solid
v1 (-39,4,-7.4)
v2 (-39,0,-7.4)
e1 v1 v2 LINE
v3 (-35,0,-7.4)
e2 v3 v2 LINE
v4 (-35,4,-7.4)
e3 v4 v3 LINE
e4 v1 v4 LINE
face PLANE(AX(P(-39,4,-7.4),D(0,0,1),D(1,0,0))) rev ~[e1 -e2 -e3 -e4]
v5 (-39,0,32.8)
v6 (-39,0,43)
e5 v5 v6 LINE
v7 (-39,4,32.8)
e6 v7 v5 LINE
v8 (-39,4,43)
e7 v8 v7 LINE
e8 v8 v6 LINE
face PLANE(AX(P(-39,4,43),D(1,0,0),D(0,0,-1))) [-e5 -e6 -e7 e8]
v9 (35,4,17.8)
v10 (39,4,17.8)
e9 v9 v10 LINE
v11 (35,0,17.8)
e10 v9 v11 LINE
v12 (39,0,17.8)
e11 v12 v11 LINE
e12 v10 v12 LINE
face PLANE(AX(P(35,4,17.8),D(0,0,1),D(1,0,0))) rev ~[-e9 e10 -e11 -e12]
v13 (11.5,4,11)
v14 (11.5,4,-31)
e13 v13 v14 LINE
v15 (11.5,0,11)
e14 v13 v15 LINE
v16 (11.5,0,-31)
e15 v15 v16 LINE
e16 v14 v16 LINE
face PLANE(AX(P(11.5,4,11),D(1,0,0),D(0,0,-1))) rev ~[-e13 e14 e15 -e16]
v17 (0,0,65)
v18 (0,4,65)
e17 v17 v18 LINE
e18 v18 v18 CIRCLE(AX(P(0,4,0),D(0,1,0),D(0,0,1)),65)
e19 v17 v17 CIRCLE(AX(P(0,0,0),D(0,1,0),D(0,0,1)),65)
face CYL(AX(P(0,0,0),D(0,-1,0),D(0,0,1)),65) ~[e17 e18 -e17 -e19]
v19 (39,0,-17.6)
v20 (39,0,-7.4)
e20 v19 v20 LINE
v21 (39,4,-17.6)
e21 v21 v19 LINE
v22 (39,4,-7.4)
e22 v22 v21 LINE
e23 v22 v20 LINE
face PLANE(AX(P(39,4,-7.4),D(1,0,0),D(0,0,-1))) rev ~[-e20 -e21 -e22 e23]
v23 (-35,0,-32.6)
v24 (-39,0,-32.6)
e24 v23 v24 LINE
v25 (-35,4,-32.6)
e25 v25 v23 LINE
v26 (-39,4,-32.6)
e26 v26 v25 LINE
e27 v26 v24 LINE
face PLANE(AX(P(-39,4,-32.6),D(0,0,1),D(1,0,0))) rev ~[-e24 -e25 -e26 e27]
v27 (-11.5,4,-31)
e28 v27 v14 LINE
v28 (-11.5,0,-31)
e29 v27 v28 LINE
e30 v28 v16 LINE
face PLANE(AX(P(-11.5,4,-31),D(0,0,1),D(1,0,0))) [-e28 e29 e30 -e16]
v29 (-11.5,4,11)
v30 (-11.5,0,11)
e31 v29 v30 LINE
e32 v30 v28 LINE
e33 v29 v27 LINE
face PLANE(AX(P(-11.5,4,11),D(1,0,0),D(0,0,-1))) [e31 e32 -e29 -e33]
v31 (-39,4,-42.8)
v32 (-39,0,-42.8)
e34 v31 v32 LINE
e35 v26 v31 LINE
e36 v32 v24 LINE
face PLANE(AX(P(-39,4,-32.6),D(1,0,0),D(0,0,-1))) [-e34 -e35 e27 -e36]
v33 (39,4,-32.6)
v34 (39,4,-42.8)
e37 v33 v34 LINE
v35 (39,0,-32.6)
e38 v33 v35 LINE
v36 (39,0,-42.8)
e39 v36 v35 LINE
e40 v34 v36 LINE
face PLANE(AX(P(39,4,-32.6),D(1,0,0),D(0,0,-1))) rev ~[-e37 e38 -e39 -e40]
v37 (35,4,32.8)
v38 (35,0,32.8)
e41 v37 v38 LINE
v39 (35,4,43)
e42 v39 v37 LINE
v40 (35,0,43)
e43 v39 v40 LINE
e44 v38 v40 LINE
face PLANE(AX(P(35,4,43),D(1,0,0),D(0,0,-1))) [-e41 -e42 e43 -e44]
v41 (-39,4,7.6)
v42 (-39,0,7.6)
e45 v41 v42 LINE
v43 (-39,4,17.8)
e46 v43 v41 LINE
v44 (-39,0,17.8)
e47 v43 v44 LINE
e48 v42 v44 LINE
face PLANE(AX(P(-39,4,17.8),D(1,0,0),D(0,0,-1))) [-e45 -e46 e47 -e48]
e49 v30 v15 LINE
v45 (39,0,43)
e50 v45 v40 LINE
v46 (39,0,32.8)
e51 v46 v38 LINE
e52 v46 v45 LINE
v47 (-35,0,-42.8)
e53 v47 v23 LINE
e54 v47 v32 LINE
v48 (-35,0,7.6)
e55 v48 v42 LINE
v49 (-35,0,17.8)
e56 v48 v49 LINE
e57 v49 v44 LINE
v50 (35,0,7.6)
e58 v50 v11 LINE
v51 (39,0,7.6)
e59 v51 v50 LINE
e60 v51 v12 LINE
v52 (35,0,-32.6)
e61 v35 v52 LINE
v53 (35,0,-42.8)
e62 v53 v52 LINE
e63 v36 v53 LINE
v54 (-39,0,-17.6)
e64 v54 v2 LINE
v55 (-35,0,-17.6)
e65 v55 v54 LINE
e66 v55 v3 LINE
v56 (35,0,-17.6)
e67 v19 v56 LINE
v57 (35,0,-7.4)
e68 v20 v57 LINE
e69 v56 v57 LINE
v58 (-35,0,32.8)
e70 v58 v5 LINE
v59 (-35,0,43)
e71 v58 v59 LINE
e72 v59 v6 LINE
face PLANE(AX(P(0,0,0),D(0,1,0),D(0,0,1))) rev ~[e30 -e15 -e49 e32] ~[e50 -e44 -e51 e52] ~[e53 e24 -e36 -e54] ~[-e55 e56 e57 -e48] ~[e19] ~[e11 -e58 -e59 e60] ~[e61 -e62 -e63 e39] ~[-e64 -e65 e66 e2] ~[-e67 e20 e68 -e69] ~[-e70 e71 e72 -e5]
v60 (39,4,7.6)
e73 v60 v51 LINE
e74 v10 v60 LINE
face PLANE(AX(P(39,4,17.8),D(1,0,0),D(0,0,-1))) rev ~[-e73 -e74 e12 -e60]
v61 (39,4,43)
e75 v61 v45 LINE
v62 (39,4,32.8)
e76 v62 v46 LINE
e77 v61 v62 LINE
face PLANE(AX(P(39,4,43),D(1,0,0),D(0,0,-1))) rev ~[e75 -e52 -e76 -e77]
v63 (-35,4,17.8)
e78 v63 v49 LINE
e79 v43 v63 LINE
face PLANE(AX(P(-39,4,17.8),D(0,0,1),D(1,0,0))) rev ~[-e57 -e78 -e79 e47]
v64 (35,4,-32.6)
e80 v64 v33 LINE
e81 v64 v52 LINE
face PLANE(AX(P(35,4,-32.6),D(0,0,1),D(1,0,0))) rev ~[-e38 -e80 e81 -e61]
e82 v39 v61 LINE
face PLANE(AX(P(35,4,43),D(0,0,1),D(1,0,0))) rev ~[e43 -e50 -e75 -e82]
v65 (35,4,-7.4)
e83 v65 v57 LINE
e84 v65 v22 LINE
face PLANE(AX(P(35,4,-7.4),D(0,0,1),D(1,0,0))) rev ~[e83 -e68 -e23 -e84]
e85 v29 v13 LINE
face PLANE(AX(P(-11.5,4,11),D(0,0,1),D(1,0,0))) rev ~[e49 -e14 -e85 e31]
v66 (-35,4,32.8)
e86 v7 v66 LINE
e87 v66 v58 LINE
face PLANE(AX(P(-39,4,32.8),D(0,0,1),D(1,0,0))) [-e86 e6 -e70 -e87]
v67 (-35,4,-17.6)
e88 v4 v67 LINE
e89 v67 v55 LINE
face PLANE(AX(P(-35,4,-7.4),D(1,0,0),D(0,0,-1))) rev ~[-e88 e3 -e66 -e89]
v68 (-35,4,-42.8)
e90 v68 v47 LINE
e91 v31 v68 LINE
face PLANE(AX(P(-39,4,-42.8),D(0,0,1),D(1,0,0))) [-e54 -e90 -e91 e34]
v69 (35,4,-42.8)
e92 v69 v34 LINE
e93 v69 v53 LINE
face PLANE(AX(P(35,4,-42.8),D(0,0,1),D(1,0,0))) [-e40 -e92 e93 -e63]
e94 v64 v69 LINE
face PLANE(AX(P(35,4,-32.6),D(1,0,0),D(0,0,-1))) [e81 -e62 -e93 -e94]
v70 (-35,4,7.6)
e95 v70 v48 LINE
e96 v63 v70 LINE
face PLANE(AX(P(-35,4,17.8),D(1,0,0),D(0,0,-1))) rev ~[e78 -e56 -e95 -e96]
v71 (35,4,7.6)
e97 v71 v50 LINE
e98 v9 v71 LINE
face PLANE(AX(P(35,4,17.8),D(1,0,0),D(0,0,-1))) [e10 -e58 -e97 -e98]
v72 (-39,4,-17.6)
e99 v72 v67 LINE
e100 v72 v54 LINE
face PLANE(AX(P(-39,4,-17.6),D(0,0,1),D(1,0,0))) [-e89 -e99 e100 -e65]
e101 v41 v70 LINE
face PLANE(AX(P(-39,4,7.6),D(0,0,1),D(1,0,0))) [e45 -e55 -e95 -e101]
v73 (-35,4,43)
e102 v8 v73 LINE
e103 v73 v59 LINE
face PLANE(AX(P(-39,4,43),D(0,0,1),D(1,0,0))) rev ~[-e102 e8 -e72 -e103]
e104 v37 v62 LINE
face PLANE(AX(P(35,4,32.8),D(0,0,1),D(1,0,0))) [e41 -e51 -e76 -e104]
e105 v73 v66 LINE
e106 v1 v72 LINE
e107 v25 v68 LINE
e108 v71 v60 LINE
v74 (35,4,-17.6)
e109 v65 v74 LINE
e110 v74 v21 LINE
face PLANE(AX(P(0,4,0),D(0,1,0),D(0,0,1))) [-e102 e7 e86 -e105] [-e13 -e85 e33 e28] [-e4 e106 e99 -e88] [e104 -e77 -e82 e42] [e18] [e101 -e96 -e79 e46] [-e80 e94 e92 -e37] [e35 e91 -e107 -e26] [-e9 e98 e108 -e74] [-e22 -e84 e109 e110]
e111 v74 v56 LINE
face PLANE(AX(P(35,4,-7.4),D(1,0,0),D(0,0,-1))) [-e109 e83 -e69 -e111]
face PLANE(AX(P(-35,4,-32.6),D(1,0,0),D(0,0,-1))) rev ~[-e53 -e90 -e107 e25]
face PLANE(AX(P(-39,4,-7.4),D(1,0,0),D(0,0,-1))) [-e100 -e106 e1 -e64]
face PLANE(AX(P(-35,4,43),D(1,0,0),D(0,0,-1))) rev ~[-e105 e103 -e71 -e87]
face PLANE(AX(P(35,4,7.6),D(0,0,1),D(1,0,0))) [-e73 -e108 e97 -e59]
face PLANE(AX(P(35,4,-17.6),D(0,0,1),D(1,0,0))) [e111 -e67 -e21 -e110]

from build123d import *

# Parameters (mm, degrees)
CROQUIS2_R              = 65
SALIENTE_EXTRUIR1_DEPTH = 4
CORTAR_EXTRUIR6_REACH   = 94.011
CROQUIS3_W              = 4
CROQUIS3_H              = 10.2
CROQUIS4_W              = 23
CROQUIS4_H              = 42
CORTAR_EXTRUIR8_DEPTH   = 10


with BuildPart() as part:
    # Croquis2 → Saliente-Extruir1 (new body)
    with BuildSketch(Plane(origin=(0, 0, 0), x_dir=(1, 0, 0), z_dir=(0, 1, 0))):
        with Locations(Location((0, 0, 0), (0, 0, 270))):
            Circle(CROQUIS2_R)
    extrude(amount=SALIENTE_EXTRUIR1_DEPTH)

    # Croquis3 → Cortar-Extruir6 (cut, up to next)
    with BuildSketch(Plane(origin=(0, 4, 0), x_dir=(1, 0, 0), z_dir=(0, 1, 0)), mode=Mode.PRIVATE) as cortar_extruir6_sk1:
        with Locations((-37, 12.5)):
            Rectangle(CROQUIS3_W, CROQUIS3_H)
    cortar_extruir6_tool1 = extrude(cortar_extruir6_sk1.sketch, amount=-CORTAR_EXTRUIR6_REACH, mode=Mode.PRIVATE) & part.part
    # Croquis3 → Cortar-Extruir6 (cut, up to next)
    with BuildSketch(Plane(origin=(0, 4, 0), x_dir=(1, 0, 0), z_dir=(0, 1, 0)), mode=Mode.PRIVATE) as cortar_extruir6_sk2:
        with Locations((-37, -12.7)):
            Rectangle(CROQUIS3_W, CROQUIS3_H)
    cortar_extruir6_tool2 = extrude(cortar_extruir6_sk2.sketch, amount=-CORTAR_EXTRUIR6_REACH, mode=Mode.PRIVATE) & part.part
    # Croquis3 → Cortar-Extruir6 (cut, up to next)
    with BuildSketch(Plane(origin=(0, 4, 0), x_dir=(1, 0, 0), z_dir=(0, 1, 0)), mode=Mode.PRIVATE) as cortar_extruir6_sk3:
        with Locations((-37, -37.9)):
            Rectangle(CROQUIS3_W, CROQUIS3_H)
    cortar_extruir6_tool3 = extrude(cortar_extruir6_sk3.sketch, amount=-CORTAR_EXTRUIR6_REACH, mode=Mode.PRIVATE) & part.part
    # Croquis3 → Cortar-Extruir6 (cut, up to next)
    with BuildSketch(Plane(origin=(0, 4, 0), x_dir=(1, 0, 0), z_dir=(0, 1, 0)), mode=Mode.PRIVATE) as cortar_extruir6_sk4:
        with Locations((-37, 37.7)):
            Rectangle(CROQUIS3_W, CROQUIS3_H)
    cortar_extruir6_tool4 = extrude(cortar_extruir6_sk4.sketch, amount=-CORTAR_EXTRUIR6_REACH, mode=Mode.PRIVATE) & part.part
    # Croquis3 → Cortar-Extruir6 (cut, up to next)
    with BuildSketch(Plane(origin=(0, 4, 0), x_dir=(1, 0, 0), z_dir=(0, 1, 0)), mode=Mode.PRIVATE) as cortar_extruir6_sk5:
        with Locations((37, 37.7)):
            Rectangle(CROQUIS3_W, CROQUIS3_H)
    cortar_extruir6_tool5 = extrude(cortar_extruir6_sk5.sketch, amount=-CORTAR_EXTRUIR6_REACH, mode=Mode.PRIVATE) & part.part
    # Croquis3 → Cortar-Extruir6 (cut, up to next)
    with BuildSketch(Plane(origin=(0, 4, 0), x_dir=(1, 0, 0), z_dir=(0, 1, 0)), mode=Mode.PRIVATE) as cortar_extruir6_sk6:
        with Locations((37, 12.5)):
            Rectangle(CROQUIS3_W, CROQUIS3_H)
    cortar_extruir6_tool6 = extrude(cortar_extruir6_sk6.sketch, amount=-CORTAR_EXTRUIR6_REACH, mode=Mode.PRIVATE) & part.part
    # Croquis3 → Cortar-Extruir6 (cut, up to next)
    with BuildSketch(Plane(origin=(0, 4, 0), x_dir=(1, 0, 0), z_dir=(0, 1, 0)), mode=Mode.PRIVATE) as cortar_extruir6_sk7:
        with Locations((37, -12.7)):
            Rectangle(CROQUIS3_W, CROQUIS3_H)
    cortar_extruir6_tool7 = extrude(cortar_extruir6_sk7.sketch, amount=-CORTAR_EXTRUIR6_REACH, mode=Mode.PRIVATE) & part.part
    # Croquis3 → Cortar-Extruir6 (cut, up to next)
    with BuildSketch(Plane(origin=(0, 4, 0), x_dir=(1, 0, 0), z_dir=(0, 1, 0)), mode=Mode.PRIVATE) as cortar_extruir6_sk8:
        with Locations((37, -37.9)):
            Rectangle(CROQUIS3_W, CROQUIS3_H)
    cortar_extruir6_tool8 = extrude(cortar_extruir6_sk8.sketch, amount=-CORTAR_EXTRUIR6_REACH, mode=Mode.PRIVATE) & part.part
    add(cortar_extruir6_tool1.solids().sort_by_distance((-37, 4, -12.5))[0], mode=Mode.SUBTRACT)
    add(cortar_extruir6_tool2.solids().sort_by_distance((-37, 4, 12.7))[0], mode=Mode.SUBTRACT)
    add(cortar_extruir6_tool3.solids().sort_by_distance((-37, 4, 37.9))[0], mode=Mode.SUBTRACT)
    add(cortar_extruir6_tool4.solids().sort_by_distance((-37, 4, -37.7))[0], mode=Mode.SUBTRACT)
    add(cortar_extruir6_tool5.solids().sort_by_distance((37, 4, -37.7))[0], mode=Mode.SUBTRACT)
    add(cortar_extruir6_tool6.solids().sort_by_distance((37, 4, -12.5))[0], mode=Mode.SUBTRACT)
    add(cortar_extruir6_tool7.solids().sort_by_distance((37, 4, 12.7))[0], mode=Mode.SUBTRACT)
    add(cortar_extruir6_tool8.solids().sort_by_distance((37, 4, 37.9))[0], mode=Mode.SUBTRACT)

    # Croquis4 → Cortar-Extruir8 (cut)
    with BuildSketch(Plane(origin=(0, 4, 0), x_dir=(1, 0, 0), z_dir=(0, 1, 0))):
        with Locations((0, 10)):
            Rectangle(CROQUIS4_W, CROQUIS4_H)
    extrude(amount=-CORTAR_EXTRUIR8_DEPTH, mode=Mode.SUBTRACT)


solid = part.part
